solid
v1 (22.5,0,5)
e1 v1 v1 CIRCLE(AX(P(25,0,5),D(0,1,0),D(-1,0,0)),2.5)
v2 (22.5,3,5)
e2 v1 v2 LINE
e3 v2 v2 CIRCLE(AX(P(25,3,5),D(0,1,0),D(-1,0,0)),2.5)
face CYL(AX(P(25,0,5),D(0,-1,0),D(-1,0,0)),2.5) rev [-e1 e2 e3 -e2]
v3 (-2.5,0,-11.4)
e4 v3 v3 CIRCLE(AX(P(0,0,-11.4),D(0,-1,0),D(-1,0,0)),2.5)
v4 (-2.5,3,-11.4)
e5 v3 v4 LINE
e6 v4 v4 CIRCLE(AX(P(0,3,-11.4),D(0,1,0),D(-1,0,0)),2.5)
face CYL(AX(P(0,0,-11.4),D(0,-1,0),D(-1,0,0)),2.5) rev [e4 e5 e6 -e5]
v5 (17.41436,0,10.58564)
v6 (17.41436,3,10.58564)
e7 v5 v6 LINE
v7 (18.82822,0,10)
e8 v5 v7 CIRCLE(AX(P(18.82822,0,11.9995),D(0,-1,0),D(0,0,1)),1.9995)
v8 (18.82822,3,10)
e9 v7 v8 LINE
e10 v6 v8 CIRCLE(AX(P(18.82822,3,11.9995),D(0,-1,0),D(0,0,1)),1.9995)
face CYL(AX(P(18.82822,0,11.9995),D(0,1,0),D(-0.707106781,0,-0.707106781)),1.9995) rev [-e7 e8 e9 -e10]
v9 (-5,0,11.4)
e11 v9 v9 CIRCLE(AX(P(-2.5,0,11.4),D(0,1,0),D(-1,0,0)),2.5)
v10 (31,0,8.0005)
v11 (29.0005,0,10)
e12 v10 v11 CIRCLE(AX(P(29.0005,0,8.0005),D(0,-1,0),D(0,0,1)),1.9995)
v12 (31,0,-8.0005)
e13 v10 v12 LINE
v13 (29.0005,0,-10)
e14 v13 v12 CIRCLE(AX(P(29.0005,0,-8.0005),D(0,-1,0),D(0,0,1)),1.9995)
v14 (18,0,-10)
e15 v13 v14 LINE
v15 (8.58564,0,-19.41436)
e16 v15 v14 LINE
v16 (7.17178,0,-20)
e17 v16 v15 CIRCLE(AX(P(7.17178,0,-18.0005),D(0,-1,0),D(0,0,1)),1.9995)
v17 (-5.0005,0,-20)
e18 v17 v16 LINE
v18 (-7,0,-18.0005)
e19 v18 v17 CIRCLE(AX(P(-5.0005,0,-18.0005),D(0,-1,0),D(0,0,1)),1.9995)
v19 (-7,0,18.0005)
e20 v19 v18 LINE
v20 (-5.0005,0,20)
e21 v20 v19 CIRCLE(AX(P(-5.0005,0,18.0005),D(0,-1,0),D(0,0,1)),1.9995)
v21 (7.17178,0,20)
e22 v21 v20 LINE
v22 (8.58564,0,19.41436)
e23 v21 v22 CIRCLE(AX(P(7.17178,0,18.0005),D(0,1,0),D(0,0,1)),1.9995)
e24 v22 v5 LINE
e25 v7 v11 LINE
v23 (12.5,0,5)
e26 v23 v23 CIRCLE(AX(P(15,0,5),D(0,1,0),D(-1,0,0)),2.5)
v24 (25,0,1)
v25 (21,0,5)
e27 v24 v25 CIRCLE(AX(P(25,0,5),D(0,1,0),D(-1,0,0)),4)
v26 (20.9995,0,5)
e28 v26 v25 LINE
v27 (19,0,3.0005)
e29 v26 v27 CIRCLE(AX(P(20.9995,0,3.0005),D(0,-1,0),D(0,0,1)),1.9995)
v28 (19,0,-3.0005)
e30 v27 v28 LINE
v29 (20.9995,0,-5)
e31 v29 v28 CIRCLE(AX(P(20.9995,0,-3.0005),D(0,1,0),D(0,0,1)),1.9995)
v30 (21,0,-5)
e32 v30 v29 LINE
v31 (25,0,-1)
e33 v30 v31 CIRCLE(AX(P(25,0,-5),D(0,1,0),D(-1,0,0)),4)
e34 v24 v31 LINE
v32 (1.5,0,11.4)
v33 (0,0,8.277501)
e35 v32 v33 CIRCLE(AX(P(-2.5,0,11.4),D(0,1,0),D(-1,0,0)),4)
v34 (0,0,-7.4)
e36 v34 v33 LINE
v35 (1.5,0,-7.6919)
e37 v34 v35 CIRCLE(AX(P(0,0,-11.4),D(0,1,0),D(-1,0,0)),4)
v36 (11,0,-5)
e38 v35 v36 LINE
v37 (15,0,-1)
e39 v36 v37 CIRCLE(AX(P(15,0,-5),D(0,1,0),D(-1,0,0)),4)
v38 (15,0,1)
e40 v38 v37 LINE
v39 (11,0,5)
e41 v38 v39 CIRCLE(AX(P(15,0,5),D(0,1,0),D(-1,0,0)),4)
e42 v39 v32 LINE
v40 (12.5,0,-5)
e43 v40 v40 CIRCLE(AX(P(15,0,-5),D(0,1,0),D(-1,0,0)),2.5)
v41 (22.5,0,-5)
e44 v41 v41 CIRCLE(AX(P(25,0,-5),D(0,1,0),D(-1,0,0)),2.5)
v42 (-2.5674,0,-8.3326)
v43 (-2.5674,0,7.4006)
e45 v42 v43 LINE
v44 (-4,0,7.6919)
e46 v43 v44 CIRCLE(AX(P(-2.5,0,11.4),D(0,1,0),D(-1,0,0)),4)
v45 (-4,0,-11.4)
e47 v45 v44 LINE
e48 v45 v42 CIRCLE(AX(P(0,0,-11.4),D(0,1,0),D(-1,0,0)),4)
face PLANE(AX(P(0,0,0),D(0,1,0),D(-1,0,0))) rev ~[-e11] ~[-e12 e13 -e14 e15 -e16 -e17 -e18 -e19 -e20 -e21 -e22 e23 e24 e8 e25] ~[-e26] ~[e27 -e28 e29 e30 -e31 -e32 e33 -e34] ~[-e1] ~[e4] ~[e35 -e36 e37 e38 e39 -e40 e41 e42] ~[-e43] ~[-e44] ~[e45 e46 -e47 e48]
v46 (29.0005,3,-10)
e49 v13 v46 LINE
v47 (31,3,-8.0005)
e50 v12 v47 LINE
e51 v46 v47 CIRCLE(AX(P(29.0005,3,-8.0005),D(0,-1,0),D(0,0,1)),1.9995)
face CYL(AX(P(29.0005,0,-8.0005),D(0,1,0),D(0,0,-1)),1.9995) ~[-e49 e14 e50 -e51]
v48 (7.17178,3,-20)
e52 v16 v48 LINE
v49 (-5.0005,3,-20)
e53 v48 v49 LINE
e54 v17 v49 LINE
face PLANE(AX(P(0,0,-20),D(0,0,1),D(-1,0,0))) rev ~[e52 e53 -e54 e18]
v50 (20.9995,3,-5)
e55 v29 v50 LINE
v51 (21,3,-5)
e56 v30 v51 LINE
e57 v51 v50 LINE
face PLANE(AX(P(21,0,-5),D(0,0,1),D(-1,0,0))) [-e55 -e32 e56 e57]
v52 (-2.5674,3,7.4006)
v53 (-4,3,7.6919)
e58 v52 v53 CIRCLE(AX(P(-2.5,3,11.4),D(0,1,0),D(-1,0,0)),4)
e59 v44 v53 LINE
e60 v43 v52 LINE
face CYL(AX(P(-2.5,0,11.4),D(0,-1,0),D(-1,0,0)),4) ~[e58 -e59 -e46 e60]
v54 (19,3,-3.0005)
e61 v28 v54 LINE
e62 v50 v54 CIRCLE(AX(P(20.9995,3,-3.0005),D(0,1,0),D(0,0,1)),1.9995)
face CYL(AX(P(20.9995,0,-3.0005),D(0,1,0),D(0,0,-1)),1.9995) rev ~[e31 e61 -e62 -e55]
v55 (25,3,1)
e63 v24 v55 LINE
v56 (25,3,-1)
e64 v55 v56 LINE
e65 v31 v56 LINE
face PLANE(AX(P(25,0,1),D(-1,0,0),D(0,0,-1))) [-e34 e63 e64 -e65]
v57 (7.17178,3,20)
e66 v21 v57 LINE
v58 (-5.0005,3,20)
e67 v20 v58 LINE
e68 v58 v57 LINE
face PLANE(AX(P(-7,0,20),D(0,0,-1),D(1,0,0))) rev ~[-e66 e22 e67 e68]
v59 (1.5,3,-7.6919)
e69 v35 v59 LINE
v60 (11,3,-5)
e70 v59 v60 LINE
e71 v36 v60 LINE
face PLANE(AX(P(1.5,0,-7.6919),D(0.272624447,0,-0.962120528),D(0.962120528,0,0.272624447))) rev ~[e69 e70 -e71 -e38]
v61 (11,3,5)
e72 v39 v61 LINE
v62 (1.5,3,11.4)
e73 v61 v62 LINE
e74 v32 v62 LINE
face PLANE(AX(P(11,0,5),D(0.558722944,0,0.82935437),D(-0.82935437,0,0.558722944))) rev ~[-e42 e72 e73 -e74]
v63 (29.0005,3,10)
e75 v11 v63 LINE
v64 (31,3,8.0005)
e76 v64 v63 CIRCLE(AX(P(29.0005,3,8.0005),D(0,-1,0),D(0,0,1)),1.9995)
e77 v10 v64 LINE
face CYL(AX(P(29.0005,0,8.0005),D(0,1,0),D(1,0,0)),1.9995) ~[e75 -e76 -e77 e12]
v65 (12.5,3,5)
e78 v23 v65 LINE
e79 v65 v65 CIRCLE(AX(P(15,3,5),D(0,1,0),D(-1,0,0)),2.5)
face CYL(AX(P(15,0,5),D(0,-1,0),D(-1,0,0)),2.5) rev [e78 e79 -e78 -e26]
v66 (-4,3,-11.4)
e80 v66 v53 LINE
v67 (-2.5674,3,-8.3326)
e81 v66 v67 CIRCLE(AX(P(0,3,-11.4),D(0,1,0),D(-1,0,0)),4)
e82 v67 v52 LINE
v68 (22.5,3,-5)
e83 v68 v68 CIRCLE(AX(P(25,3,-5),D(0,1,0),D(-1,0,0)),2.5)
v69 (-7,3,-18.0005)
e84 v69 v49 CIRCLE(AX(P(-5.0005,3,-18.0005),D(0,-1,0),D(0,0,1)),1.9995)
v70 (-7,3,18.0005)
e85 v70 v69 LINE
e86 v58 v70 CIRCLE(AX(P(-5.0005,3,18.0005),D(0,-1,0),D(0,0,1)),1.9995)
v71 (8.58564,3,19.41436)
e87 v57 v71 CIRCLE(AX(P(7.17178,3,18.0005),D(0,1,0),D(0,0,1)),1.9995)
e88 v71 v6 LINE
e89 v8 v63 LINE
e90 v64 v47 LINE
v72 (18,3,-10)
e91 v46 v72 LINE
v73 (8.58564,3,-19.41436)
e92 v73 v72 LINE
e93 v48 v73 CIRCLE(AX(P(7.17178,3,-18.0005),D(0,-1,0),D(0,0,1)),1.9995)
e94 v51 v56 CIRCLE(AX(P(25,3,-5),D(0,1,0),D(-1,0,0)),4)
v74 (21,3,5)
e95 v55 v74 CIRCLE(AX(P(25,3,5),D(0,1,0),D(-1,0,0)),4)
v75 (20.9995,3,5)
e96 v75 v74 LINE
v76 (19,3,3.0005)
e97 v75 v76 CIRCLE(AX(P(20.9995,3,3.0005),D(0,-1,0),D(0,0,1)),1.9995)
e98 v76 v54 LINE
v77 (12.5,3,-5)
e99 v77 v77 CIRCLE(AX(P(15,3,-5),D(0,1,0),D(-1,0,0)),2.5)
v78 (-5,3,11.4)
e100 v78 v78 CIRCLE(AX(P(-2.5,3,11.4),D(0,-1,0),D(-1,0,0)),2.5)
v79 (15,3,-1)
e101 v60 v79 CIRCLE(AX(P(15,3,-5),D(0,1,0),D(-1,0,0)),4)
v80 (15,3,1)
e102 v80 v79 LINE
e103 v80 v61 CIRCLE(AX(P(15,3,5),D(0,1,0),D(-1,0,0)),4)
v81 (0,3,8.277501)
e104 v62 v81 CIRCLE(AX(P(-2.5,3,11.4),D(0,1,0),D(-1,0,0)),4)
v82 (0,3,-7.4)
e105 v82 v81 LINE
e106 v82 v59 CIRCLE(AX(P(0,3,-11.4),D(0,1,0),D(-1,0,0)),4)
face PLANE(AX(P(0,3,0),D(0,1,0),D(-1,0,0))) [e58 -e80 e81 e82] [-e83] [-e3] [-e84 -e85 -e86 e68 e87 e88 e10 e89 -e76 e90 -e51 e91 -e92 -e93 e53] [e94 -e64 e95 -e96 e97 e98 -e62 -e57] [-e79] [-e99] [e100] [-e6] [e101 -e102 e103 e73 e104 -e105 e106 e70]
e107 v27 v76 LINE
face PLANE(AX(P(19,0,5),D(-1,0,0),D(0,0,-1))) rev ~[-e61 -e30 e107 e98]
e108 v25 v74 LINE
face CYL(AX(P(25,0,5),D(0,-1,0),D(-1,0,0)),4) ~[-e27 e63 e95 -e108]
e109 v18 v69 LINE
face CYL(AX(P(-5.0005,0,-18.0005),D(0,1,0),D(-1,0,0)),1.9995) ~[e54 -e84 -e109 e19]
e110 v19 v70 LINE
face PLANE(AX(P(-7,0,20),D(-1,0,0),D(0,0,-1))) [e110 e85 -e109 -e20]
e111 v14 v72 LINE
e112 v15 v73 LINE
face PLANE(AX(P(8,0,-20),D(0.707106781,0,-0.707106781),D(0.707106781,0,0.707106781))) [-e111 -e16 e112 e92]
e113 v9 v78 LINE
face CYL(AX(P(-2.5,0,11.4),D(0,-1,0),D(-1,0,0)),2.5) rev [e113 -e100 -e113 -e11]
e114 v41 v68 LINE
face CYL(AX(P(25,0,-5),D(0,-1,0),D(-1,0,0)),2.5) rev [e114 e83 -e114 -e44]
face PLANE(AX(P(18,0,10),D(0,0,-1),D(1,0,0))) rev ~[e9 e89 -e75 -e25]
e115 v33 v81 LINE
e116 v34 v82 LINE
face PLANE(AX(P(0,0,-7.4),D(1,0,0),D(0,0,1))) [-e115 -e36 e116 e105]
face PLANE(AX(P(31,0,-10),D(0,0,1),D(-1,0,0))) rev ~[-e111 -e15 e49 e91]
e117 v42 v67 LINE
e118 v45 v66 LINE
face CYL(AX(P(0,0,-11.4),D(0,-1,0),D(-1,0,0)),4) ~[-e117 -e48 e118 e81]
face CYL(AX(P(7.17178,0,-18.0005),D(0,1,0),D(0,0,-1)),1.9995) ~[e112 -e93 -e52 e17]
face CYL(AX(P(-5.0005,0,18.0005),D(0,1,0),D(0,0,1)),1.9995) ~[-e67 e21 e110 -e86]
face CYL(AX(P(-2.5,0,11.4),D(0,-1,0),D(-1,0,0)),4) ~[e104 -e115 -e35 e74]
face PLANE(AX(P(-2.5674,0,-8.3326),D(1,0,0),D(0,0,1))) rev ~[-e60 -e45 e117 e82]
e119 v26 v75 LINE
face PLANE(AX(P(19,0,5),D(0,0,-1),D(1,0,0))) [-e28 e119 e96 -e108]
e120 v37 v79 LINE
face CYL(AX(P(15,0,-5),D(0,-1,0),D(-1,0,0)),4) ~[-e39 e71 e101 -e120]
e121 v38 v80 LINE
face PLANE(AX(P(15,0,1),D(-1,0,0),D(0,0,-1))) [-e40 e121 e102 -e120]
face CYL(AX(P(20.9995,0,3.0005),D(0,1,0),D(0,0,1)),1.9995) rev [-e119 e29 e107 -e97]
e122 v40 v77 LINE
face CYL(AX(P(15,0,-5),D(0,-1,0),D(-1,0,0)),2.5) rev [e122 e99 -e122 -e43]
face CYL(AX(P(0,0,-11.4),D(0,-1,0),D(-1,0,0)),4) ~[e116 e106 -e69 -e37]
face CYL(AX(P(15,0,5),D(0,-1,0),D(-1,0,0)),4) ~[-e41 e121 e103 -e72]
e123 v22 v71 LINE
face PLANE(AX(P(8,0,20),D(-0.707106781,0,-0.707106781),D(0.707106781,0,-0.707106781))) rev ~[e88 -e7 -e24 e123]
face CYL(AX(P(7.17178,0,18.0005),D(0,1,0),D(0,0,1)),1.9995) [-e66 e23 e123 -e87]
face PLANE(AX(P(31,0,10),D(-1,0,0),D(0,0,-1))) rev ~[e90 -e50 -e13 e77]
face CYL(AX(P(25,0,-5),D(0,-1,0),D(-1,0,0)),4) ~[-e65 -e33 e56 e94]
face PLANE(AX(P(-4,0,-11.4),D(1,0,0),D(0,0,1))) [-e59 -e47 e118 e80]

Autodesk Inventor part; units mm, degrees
ref_plane "YZ Plane" through (0, 0, 0) normal (1, 0, 0) x (0, 1, 0)
ref_plane "XZ Plane" through (0, 0, 0) normal (0, 1, 0) x (-1, 0, 0)
ref_plane "XY Plane" through (0, 0, 0) normal (0, 0, 1) x (1, 0, 0)
sketch "Sketch1" plane through (0, 0, 0) normal (0, 1, 0) x (-1, 0, 0)
  line L0 (16, 0) -> (-17, 0) construction
  line L1 (0, 17) -> (0, -22.3854) construction
  circle A0 centre (0, -11.4) radius 2.5
  line L2 (18, 20) -> (-18, 20)
  line L3 (-18, 20) -> (-18, -20)
  line L4 (-18, -20) -> (18, -20)
  line L5 (18, -20) -> (18, 20)
  line L6 (18, 20) -> (-18, -20) construction
  line L7 (-18, 20) -> (18, -20) construction
  circle A1 centre (-15, 5) radius 2.5
  circle A2 centre (-15, -5) radius 2.5
  line L8 (0, 20) -> (7, 20)
  line L9 (7, 20) -> (7, -20)
  line L10 (7, -20) -> (0, -20)
  line L11 (0, -20) -> (0, 20)
  line L12 (-18, 20) -> (-8, 20)
  line L13 (-8, 20) -> (-18, 10)
  line L14 (-8, -20) -> (-18, -10)
  circle A3 centre (0, -11.4) radius 4
  circle A4 centre (-15, 5) radius 1.5183
  circle A5 centre (-15, 5) radius 4
  circle A6 centre (-15, -5) radius 4
  line L15 (-15, 1) -> (-15, -1)
  line L16 (-18, 10) -> (-31, 10)
  line L17 (-31, 10) -> (-31, -10)
  line L18 (-31, -10) -> (-18, -10)
  line L19 (-18, -10) -> (-18, 10)
  circle A7 centre (-25, -5) radius 2.5
  circle A8 centre (-25, -5) radius 4
  circle A9 centre (-25, 5) radius 2.5
  circle A10 centre (-25, 5) radius 4
  line L20 (-19, 5) -> (-21, 5)
  line L21 (-25, 1) -> (-25, -1)
  line L22 (-21, -5) -> (-19, -5)
  line L23 (-19, 5) -> (-19, -5)
  circle A11 centre (2.5, 11.4) radius 2.5
  circle A12 centre (2.5, 11.4) radius 4
  line L24 (2.5674, -8.3326) -> (2.5674, 7.4006)
  line L25 (4, -11.4) -> (4, 7.6919)
  line L26 (-11, 5) -> (-1.5, 11.4)
  line L27 (-1.5, -7.6919) -> (-11, -5)
  point P0 (0, 0)
  point P1 (-13.4817, 5)
  point P2 (-4, -11.4)
  point P3 (-15.4402, 3.5469)
  point P4 (2.5674, 8.3326)
  point P5 (0, -7.4)
  point P6 (-11, -5)
  point P7 (1.9692, -7.9183)
  point P8 (0, -15.4)
  point P9 (0, 8.2775)
  point P10 (-18, 2.3542)
  point P11 (-18, -2.3542)
  point P12 (-18, -7.6458)
  point P13 (-18, 7.6458)
  dimension "d2" = 36
  dimension "d3" = 40
  dimension "d4" = 5
  dimension "d6" = 5
  dimension "d8" = 10
  dimension "d9" = 45
  dimension "d13" = 8
  dimension "d15" = 8
  dimension "d16" = 8
  dimension "d17" = 13
  dimension "d18" = 5
  dimension "d19" = 10
  dimension "d20" = 8
  dimension "d22" = 5
  dimension "d23" = 4.5
  dimension "d24" = 8
extrude "Extrusion1" add sketch "Sketch1" along normal blind 3 contours A0 L11 A3 | A0 L11 A3 | L11 A12 L24 A3 | A3 L25 A12 L11 L2 L9 L4 | L11 L4 L14 L3 A6 L27 A3 | A12 L11 | L11 A12 | L26 A5 L3 L13 L2 L11 A12 | A6 L3 | A5 L3 | A6 L3 A5 L15 | A6 L3 | L3 L18 L17 L16 A5 L20 A10 L21 A8 L22 A6 | L3 A5 | A6 L23 A5 L3 | A8 | A10
fillet "Fillet1" radius 2 9 edges at (18, 1.5, 10) (8, 1.5, -20) (-7, 1.5, -20) (-7, 1.5, 20) (8, 1.5, 20) (31, 1.5, 10) (31, 1.5, -10) (19, 1.5, 5) (19, 1.5, -5)
properties part number "Base_3DPrint"
